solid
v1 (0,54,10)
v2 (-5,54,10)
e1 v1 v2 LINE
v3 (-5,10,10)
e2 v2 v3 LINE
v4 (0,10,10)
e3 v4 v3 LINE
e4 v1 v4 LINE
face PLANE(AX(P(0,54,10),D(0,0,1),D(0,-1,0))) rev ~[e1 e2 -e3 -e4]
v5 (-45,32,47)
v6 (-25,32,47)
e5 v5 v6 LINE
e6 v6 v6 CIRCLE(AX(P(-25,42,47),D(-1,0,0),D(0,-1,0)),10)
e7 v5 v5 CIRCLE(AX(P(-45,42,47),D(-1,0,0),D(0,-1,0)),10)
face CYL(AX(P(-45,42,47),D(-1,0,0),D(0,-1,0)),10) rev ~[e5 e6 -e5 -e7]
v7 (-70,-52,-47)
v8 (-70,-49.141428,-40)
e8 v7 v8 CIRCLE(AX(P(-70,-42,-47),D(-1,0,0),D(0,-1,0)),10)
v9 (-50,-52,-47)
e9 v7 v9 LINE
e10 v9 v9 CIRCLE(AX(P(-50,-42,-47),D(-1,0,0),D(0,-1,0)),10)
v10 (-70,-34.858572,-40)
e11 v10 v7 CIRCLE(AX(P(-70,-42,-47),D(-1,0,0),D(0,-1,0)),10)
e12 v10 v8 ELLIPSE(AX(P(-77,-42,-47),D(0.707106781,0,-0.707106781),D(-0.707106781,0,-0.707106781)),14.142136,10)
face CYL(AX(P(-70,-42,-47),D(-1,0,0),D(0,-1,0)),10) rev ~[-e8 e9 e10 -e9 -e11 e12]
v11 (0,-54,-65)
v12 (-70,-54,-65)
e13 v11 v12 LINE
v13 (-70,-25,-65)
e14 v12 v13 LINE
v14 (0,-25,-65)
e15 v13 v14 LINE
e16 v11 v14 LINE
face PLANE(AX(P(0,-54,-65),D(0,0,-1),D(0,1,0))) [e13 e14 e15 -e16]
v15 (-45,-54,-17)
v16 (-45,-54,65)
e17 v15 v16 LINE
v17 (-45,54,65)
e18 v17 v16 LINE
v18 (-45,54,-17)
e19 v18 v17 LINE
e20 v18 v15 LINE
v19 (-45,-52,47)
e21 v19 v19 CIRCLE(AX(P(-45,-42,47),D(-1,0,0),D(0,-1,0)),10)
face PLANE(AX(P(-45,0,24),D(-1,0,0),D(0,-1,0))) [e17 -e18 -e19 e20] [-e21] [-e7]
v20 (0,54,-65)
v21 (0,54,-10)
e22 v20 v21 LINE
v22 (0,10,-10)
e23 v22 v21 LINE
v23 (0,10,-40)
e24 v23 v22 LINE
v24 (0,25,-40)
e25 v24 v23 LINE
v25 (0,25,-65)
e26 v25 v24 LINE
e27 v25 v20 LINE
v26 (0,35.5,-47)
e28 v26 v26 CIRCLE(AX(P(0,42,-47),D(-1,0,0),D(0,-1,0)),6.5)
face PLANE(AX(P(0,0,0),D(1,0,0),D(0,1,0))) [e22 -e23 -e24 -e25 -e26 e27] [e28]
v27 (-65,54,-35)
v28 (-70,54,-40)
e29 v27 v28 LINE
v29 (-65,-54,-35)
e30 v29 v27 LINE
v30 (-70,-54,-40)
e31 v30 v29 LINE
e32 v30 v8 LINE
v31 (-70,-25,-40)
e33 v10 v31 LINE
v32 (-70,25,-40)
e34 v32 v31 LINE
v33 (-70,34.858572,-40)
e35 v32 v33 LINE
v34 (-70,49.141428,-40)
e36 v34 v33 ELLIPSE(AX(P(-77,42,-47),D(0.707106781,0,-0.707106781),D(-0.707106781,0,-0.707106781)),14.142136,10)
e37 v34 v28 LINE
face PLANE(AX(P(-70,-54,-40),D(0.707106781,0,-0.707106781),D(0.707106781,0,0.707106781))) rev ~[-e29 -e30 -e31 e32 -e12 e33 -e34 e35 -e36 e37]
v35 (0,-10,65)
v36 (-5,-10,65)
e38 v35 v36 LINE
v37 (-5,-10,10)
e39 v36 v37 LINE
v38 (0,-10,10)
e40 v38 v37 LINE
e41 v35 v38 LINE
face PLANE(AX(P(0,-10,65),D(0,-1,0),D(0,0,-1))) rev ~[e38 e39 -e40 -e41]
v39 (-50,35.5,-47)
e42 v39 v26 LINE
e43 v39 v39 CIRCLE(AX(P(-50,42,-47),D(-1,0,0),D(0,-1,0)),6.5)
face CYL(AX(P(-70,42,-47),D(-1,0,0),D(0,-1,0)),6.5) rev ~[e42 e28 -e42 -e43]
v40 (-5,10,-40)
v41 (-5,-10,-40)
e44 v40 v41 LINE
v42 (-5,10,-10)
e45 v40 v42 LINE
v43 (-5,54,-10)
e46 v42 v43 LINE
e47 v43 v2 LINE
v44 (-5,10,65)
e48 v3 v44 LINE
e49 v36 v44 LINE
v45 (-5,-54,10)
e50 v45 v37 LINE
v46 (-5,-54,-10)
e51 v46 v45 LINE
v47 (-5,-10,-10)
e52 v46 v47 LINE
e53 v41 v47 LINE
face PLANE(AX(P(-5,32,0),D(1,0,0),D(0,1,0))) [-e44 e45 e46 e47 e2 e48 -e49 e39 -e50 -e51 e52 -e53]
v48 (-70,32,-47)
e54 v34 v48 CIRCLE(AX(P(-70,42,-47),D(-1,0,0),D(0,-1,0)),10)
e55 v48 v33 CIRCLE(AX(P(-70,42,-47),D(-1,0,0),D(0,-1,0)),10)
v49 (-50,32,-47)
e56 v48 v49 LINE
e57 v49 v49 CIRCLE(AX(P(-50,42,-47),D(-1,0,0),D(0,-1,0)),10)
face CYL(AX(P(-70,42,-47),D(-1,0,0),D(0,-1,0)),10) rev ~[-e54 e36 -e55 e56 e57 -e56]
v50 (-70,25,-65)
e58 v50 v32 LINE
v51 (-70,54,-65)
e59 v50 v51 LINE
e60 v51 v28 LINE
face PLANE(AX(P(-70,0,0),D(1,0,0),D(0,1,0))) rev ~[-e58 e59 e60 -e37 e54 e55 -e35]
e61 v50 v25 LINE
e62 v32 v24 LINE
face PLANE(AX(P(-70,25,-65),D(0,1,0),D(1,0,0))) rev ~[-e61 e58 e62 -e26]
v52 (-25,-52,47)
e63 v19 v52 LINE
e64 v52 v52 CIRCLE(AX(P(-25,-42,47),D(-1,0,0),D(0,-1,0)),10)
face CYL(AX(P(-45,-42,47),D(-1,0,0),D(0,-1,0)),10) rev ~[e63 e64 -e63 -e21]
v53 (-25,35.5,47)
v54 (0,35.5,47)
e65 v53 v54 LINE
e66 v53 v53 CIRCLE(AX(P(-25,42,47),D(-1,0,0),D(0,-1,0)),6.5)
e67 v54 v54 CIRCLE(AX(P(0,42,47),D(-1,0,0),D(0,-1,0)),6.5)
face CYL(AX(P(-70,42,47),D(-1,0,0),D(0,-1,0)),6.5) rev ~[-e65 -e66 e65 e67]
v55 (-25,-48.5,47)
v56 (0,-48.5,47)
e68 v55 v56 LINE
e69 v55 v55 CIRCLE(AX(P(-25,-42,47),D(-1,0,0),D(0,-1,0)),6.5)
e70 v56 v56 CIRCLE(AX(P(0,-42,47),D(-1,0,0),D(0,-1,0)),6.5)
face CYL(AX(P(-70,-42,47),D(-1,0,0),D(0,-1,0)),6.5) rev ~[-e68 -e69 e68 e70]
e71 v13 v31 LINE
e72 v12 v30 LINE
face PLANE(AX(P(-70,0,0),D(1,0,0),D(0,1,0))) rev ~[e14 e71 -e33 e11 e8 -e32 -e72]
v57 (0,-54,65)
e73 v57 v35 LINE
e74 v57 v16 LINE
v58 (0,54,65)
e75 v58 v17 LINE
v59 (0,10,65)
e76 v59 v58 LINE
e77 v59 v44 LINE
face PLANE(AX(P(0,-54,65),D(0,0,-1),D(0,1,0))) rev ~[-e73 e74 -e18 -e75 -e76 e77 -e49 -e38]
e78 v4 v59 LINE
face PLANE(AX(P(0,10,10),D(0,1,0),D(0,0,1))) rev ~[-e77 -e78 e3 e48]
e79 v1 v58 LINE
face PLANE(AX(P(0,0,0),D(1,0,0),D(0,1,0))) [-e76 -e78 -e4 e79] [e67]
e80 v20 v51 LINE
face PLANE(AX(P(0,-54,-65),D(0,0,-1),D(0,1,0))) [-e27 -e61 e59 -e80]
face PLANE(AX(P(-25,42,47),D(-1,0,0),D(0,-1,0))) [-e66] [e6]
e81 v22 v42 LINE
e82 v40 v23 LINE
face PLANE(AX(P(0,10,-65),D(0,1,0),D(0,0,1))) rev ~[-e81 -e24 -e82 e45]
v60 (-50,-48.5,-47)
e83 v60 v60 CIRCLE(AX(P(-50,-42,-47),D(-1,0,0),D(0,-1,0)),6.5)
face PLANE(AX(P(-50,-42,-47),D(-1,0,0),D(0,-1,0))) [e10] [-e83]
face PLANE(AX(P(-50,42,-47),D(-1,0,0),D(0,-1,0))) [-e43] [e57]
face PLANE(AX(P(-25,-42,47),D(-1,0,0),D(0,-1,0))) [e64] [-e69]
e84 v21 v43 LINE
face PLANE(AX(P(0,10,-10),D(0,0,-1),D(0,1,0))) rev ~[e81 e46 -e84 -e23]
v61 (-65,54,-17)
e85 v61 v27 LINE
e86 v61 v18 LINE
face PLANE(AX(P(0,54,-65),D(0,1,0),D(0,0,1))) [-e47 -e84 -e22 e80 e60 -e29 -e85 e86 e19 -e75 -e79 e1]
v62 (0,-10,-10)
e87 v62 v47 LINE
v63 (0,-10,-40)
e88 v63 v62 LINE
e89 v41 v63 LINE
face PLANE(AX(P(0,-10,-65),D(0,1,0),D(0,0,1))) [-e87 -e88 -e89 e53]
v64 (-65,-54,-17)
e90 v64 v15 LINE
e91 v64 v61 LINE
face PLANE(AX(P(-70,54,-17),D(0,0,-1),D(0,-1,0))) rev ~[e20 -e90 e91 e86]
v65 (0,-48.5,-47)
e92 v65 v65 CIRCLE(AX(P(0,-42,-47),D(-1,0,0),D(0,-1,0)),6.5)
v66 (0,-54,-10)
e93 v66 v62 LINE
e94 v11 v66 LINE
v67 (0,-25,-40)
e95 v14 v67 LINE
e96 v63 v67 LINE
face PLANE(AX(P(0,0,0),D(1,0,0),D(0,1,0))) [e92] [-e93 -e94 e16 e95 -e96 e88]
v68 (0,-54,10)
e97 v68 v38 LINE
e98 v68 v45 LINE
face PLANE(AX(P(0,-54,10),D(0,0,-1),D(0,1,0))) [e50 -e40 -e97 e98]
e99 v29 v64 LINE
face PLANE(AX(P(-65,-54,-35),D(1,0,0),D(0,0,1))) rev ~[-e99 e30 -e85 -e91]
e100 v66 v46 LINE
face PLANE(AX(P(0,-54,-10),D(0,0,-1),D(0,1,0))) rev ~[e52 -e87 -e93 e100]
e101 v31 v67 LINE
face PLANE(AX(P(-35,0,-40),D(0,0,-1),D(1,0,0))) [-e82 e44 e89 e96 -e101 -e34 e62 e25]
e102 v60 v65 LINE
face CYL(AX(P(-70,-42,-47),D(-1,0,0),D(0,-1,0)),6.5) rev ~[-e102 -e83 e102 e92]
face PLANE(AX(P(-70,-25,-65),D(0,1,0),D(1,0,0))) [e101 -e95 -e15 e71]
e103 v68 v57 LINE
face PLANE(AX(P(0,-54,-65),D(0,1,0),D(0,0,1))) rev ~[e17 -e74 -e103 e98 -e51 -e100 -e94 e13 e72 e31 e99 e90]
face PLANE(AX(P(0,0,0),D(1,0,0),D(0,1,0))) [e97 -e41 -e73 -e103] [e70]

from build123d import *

# Parameters (mm, degrees)
F0_W      = 108
F0_H      = 130
F1_DEPTH  = 70
F2_R      = 6.5
F3_DEPTH  = 70.001
F4_W      = 70
F4_H      = 50
F5_DEPTH  = 25
F6_W      = 108
F6_H      = 82
F7_DEPTH  = 25
F9_DEPTH  = 108.001
F10_R     = 10
F11_DEPTH = 20
F12_R     = 10
F13_DEPTH = 20
F14_W     = 44
F14_H     = 20
F14_W_2   = 20
F14_H_2   = 55
F15_DEPTH = 5


with BuildPart() as f1:
    # F0 (on Right) → F1 (new body)
    with BuildSketch(Plane.YZ):
        Rectangle(F0_W, F0_H)
    extrude(amount=-F1_DEPTH)

    # F2 (on face) → F3 (cut, through all)
    with BuildSketch(Plane(origin=(-70, 0, 0), x_dir=(0, -1, 0), z_dir=(-1, 0, 0))):
        with Locations((-42, 47)):
            Circle(F2_R)
        with Locations((42, 47)):
            Circle(F2_R)
        with Locations((-42, -47)):
            Circle(F2_R)
        with Locations((42, -47)):
            Circle(F2_R)
    extrude(amount=-F3_DEPTH, mode=Mode.SUBTRACT)

    # F4 (on face) → F5 (cut)
    with BuildSketch(Plane(origin=(0, 0, -65), x_dir=(1, 0, 0), z_dir=(0, 0, -1))):
        with Locations((-35, 0)):
            Rectangle(F4_W, F4_H)
    extrude(amount=-F5_DEPTH, mode=Mode.SUBTRACT)

    # F6 (on face) → F7 (cut)
    with BuildSketch(Plane(origin=(-70, 0, 0), x_dir=(0, -1, 0), z_dir=(-1, 0, 0))):
        with Locations((0, 24)):
            Rectangle(F6_W, F6_H)
    extrude(amount=-F7_DEPTH, mode=Mode.SUBTRACT)

    # F8 (on face) → F9 (cut, through all)
    with BuildSketch(Plane.XZ.offset(54)):
        Polygon((-65, -35), (-65, -17), (-70, -17), (-70, -40), align=None)
    extrude(amount=-F9_DEPTH, mode=Mode.SUBTRACT)

    # F10 (on face) → F11 (cut)
    with BuildSketch(Plane(origin=(-70, 0, 0), x_dir=(0, -1, 0), z_dir=(-1, 0, 0))):
        with Locations((-42, -47)):
            Circle(F10_R)
        with Locations((42, -47)):
            Circle(F10_R)
    extrude(amount=-F11_DEPTH, mode=Mode.SUBTRACT)

    # F12 (on face) → F13 (cut)
    with BuildSketch(Plane(origin=(-45, 0, 0), x_dir=(0, -1, 0), z_dir=(-1, 0, 0))):
        with Locations((-42, 47)):
            Circle(F12_R)
        with Locations((42, 47)):
            Circle(F12_R)
    extrude(amount=-F13_DEPTH, mode=Mode.SUBTRACT)

    # F14 (on face) → F15 (cut)
    with BuildSketch(Plane.YZ):
        with Locations((32, 0)):
            Rectangle(F14_W, F14_H)
        Rectangle(F14_W_2, F14_H)
        with Locations((0, 37.5)):
            Rectangle(F14_W_2, F14_H_2)
        with Locations((-32, 0)):
            Rectangle(F14_W, F14_H)
        with Locations((0, -37.5)):
            Rectangle(F14_W_2, F14_H_2)
    extrude(amount=-F15_DEPTH, mode=Mode.SUBTRACT)


solid = f1.part
